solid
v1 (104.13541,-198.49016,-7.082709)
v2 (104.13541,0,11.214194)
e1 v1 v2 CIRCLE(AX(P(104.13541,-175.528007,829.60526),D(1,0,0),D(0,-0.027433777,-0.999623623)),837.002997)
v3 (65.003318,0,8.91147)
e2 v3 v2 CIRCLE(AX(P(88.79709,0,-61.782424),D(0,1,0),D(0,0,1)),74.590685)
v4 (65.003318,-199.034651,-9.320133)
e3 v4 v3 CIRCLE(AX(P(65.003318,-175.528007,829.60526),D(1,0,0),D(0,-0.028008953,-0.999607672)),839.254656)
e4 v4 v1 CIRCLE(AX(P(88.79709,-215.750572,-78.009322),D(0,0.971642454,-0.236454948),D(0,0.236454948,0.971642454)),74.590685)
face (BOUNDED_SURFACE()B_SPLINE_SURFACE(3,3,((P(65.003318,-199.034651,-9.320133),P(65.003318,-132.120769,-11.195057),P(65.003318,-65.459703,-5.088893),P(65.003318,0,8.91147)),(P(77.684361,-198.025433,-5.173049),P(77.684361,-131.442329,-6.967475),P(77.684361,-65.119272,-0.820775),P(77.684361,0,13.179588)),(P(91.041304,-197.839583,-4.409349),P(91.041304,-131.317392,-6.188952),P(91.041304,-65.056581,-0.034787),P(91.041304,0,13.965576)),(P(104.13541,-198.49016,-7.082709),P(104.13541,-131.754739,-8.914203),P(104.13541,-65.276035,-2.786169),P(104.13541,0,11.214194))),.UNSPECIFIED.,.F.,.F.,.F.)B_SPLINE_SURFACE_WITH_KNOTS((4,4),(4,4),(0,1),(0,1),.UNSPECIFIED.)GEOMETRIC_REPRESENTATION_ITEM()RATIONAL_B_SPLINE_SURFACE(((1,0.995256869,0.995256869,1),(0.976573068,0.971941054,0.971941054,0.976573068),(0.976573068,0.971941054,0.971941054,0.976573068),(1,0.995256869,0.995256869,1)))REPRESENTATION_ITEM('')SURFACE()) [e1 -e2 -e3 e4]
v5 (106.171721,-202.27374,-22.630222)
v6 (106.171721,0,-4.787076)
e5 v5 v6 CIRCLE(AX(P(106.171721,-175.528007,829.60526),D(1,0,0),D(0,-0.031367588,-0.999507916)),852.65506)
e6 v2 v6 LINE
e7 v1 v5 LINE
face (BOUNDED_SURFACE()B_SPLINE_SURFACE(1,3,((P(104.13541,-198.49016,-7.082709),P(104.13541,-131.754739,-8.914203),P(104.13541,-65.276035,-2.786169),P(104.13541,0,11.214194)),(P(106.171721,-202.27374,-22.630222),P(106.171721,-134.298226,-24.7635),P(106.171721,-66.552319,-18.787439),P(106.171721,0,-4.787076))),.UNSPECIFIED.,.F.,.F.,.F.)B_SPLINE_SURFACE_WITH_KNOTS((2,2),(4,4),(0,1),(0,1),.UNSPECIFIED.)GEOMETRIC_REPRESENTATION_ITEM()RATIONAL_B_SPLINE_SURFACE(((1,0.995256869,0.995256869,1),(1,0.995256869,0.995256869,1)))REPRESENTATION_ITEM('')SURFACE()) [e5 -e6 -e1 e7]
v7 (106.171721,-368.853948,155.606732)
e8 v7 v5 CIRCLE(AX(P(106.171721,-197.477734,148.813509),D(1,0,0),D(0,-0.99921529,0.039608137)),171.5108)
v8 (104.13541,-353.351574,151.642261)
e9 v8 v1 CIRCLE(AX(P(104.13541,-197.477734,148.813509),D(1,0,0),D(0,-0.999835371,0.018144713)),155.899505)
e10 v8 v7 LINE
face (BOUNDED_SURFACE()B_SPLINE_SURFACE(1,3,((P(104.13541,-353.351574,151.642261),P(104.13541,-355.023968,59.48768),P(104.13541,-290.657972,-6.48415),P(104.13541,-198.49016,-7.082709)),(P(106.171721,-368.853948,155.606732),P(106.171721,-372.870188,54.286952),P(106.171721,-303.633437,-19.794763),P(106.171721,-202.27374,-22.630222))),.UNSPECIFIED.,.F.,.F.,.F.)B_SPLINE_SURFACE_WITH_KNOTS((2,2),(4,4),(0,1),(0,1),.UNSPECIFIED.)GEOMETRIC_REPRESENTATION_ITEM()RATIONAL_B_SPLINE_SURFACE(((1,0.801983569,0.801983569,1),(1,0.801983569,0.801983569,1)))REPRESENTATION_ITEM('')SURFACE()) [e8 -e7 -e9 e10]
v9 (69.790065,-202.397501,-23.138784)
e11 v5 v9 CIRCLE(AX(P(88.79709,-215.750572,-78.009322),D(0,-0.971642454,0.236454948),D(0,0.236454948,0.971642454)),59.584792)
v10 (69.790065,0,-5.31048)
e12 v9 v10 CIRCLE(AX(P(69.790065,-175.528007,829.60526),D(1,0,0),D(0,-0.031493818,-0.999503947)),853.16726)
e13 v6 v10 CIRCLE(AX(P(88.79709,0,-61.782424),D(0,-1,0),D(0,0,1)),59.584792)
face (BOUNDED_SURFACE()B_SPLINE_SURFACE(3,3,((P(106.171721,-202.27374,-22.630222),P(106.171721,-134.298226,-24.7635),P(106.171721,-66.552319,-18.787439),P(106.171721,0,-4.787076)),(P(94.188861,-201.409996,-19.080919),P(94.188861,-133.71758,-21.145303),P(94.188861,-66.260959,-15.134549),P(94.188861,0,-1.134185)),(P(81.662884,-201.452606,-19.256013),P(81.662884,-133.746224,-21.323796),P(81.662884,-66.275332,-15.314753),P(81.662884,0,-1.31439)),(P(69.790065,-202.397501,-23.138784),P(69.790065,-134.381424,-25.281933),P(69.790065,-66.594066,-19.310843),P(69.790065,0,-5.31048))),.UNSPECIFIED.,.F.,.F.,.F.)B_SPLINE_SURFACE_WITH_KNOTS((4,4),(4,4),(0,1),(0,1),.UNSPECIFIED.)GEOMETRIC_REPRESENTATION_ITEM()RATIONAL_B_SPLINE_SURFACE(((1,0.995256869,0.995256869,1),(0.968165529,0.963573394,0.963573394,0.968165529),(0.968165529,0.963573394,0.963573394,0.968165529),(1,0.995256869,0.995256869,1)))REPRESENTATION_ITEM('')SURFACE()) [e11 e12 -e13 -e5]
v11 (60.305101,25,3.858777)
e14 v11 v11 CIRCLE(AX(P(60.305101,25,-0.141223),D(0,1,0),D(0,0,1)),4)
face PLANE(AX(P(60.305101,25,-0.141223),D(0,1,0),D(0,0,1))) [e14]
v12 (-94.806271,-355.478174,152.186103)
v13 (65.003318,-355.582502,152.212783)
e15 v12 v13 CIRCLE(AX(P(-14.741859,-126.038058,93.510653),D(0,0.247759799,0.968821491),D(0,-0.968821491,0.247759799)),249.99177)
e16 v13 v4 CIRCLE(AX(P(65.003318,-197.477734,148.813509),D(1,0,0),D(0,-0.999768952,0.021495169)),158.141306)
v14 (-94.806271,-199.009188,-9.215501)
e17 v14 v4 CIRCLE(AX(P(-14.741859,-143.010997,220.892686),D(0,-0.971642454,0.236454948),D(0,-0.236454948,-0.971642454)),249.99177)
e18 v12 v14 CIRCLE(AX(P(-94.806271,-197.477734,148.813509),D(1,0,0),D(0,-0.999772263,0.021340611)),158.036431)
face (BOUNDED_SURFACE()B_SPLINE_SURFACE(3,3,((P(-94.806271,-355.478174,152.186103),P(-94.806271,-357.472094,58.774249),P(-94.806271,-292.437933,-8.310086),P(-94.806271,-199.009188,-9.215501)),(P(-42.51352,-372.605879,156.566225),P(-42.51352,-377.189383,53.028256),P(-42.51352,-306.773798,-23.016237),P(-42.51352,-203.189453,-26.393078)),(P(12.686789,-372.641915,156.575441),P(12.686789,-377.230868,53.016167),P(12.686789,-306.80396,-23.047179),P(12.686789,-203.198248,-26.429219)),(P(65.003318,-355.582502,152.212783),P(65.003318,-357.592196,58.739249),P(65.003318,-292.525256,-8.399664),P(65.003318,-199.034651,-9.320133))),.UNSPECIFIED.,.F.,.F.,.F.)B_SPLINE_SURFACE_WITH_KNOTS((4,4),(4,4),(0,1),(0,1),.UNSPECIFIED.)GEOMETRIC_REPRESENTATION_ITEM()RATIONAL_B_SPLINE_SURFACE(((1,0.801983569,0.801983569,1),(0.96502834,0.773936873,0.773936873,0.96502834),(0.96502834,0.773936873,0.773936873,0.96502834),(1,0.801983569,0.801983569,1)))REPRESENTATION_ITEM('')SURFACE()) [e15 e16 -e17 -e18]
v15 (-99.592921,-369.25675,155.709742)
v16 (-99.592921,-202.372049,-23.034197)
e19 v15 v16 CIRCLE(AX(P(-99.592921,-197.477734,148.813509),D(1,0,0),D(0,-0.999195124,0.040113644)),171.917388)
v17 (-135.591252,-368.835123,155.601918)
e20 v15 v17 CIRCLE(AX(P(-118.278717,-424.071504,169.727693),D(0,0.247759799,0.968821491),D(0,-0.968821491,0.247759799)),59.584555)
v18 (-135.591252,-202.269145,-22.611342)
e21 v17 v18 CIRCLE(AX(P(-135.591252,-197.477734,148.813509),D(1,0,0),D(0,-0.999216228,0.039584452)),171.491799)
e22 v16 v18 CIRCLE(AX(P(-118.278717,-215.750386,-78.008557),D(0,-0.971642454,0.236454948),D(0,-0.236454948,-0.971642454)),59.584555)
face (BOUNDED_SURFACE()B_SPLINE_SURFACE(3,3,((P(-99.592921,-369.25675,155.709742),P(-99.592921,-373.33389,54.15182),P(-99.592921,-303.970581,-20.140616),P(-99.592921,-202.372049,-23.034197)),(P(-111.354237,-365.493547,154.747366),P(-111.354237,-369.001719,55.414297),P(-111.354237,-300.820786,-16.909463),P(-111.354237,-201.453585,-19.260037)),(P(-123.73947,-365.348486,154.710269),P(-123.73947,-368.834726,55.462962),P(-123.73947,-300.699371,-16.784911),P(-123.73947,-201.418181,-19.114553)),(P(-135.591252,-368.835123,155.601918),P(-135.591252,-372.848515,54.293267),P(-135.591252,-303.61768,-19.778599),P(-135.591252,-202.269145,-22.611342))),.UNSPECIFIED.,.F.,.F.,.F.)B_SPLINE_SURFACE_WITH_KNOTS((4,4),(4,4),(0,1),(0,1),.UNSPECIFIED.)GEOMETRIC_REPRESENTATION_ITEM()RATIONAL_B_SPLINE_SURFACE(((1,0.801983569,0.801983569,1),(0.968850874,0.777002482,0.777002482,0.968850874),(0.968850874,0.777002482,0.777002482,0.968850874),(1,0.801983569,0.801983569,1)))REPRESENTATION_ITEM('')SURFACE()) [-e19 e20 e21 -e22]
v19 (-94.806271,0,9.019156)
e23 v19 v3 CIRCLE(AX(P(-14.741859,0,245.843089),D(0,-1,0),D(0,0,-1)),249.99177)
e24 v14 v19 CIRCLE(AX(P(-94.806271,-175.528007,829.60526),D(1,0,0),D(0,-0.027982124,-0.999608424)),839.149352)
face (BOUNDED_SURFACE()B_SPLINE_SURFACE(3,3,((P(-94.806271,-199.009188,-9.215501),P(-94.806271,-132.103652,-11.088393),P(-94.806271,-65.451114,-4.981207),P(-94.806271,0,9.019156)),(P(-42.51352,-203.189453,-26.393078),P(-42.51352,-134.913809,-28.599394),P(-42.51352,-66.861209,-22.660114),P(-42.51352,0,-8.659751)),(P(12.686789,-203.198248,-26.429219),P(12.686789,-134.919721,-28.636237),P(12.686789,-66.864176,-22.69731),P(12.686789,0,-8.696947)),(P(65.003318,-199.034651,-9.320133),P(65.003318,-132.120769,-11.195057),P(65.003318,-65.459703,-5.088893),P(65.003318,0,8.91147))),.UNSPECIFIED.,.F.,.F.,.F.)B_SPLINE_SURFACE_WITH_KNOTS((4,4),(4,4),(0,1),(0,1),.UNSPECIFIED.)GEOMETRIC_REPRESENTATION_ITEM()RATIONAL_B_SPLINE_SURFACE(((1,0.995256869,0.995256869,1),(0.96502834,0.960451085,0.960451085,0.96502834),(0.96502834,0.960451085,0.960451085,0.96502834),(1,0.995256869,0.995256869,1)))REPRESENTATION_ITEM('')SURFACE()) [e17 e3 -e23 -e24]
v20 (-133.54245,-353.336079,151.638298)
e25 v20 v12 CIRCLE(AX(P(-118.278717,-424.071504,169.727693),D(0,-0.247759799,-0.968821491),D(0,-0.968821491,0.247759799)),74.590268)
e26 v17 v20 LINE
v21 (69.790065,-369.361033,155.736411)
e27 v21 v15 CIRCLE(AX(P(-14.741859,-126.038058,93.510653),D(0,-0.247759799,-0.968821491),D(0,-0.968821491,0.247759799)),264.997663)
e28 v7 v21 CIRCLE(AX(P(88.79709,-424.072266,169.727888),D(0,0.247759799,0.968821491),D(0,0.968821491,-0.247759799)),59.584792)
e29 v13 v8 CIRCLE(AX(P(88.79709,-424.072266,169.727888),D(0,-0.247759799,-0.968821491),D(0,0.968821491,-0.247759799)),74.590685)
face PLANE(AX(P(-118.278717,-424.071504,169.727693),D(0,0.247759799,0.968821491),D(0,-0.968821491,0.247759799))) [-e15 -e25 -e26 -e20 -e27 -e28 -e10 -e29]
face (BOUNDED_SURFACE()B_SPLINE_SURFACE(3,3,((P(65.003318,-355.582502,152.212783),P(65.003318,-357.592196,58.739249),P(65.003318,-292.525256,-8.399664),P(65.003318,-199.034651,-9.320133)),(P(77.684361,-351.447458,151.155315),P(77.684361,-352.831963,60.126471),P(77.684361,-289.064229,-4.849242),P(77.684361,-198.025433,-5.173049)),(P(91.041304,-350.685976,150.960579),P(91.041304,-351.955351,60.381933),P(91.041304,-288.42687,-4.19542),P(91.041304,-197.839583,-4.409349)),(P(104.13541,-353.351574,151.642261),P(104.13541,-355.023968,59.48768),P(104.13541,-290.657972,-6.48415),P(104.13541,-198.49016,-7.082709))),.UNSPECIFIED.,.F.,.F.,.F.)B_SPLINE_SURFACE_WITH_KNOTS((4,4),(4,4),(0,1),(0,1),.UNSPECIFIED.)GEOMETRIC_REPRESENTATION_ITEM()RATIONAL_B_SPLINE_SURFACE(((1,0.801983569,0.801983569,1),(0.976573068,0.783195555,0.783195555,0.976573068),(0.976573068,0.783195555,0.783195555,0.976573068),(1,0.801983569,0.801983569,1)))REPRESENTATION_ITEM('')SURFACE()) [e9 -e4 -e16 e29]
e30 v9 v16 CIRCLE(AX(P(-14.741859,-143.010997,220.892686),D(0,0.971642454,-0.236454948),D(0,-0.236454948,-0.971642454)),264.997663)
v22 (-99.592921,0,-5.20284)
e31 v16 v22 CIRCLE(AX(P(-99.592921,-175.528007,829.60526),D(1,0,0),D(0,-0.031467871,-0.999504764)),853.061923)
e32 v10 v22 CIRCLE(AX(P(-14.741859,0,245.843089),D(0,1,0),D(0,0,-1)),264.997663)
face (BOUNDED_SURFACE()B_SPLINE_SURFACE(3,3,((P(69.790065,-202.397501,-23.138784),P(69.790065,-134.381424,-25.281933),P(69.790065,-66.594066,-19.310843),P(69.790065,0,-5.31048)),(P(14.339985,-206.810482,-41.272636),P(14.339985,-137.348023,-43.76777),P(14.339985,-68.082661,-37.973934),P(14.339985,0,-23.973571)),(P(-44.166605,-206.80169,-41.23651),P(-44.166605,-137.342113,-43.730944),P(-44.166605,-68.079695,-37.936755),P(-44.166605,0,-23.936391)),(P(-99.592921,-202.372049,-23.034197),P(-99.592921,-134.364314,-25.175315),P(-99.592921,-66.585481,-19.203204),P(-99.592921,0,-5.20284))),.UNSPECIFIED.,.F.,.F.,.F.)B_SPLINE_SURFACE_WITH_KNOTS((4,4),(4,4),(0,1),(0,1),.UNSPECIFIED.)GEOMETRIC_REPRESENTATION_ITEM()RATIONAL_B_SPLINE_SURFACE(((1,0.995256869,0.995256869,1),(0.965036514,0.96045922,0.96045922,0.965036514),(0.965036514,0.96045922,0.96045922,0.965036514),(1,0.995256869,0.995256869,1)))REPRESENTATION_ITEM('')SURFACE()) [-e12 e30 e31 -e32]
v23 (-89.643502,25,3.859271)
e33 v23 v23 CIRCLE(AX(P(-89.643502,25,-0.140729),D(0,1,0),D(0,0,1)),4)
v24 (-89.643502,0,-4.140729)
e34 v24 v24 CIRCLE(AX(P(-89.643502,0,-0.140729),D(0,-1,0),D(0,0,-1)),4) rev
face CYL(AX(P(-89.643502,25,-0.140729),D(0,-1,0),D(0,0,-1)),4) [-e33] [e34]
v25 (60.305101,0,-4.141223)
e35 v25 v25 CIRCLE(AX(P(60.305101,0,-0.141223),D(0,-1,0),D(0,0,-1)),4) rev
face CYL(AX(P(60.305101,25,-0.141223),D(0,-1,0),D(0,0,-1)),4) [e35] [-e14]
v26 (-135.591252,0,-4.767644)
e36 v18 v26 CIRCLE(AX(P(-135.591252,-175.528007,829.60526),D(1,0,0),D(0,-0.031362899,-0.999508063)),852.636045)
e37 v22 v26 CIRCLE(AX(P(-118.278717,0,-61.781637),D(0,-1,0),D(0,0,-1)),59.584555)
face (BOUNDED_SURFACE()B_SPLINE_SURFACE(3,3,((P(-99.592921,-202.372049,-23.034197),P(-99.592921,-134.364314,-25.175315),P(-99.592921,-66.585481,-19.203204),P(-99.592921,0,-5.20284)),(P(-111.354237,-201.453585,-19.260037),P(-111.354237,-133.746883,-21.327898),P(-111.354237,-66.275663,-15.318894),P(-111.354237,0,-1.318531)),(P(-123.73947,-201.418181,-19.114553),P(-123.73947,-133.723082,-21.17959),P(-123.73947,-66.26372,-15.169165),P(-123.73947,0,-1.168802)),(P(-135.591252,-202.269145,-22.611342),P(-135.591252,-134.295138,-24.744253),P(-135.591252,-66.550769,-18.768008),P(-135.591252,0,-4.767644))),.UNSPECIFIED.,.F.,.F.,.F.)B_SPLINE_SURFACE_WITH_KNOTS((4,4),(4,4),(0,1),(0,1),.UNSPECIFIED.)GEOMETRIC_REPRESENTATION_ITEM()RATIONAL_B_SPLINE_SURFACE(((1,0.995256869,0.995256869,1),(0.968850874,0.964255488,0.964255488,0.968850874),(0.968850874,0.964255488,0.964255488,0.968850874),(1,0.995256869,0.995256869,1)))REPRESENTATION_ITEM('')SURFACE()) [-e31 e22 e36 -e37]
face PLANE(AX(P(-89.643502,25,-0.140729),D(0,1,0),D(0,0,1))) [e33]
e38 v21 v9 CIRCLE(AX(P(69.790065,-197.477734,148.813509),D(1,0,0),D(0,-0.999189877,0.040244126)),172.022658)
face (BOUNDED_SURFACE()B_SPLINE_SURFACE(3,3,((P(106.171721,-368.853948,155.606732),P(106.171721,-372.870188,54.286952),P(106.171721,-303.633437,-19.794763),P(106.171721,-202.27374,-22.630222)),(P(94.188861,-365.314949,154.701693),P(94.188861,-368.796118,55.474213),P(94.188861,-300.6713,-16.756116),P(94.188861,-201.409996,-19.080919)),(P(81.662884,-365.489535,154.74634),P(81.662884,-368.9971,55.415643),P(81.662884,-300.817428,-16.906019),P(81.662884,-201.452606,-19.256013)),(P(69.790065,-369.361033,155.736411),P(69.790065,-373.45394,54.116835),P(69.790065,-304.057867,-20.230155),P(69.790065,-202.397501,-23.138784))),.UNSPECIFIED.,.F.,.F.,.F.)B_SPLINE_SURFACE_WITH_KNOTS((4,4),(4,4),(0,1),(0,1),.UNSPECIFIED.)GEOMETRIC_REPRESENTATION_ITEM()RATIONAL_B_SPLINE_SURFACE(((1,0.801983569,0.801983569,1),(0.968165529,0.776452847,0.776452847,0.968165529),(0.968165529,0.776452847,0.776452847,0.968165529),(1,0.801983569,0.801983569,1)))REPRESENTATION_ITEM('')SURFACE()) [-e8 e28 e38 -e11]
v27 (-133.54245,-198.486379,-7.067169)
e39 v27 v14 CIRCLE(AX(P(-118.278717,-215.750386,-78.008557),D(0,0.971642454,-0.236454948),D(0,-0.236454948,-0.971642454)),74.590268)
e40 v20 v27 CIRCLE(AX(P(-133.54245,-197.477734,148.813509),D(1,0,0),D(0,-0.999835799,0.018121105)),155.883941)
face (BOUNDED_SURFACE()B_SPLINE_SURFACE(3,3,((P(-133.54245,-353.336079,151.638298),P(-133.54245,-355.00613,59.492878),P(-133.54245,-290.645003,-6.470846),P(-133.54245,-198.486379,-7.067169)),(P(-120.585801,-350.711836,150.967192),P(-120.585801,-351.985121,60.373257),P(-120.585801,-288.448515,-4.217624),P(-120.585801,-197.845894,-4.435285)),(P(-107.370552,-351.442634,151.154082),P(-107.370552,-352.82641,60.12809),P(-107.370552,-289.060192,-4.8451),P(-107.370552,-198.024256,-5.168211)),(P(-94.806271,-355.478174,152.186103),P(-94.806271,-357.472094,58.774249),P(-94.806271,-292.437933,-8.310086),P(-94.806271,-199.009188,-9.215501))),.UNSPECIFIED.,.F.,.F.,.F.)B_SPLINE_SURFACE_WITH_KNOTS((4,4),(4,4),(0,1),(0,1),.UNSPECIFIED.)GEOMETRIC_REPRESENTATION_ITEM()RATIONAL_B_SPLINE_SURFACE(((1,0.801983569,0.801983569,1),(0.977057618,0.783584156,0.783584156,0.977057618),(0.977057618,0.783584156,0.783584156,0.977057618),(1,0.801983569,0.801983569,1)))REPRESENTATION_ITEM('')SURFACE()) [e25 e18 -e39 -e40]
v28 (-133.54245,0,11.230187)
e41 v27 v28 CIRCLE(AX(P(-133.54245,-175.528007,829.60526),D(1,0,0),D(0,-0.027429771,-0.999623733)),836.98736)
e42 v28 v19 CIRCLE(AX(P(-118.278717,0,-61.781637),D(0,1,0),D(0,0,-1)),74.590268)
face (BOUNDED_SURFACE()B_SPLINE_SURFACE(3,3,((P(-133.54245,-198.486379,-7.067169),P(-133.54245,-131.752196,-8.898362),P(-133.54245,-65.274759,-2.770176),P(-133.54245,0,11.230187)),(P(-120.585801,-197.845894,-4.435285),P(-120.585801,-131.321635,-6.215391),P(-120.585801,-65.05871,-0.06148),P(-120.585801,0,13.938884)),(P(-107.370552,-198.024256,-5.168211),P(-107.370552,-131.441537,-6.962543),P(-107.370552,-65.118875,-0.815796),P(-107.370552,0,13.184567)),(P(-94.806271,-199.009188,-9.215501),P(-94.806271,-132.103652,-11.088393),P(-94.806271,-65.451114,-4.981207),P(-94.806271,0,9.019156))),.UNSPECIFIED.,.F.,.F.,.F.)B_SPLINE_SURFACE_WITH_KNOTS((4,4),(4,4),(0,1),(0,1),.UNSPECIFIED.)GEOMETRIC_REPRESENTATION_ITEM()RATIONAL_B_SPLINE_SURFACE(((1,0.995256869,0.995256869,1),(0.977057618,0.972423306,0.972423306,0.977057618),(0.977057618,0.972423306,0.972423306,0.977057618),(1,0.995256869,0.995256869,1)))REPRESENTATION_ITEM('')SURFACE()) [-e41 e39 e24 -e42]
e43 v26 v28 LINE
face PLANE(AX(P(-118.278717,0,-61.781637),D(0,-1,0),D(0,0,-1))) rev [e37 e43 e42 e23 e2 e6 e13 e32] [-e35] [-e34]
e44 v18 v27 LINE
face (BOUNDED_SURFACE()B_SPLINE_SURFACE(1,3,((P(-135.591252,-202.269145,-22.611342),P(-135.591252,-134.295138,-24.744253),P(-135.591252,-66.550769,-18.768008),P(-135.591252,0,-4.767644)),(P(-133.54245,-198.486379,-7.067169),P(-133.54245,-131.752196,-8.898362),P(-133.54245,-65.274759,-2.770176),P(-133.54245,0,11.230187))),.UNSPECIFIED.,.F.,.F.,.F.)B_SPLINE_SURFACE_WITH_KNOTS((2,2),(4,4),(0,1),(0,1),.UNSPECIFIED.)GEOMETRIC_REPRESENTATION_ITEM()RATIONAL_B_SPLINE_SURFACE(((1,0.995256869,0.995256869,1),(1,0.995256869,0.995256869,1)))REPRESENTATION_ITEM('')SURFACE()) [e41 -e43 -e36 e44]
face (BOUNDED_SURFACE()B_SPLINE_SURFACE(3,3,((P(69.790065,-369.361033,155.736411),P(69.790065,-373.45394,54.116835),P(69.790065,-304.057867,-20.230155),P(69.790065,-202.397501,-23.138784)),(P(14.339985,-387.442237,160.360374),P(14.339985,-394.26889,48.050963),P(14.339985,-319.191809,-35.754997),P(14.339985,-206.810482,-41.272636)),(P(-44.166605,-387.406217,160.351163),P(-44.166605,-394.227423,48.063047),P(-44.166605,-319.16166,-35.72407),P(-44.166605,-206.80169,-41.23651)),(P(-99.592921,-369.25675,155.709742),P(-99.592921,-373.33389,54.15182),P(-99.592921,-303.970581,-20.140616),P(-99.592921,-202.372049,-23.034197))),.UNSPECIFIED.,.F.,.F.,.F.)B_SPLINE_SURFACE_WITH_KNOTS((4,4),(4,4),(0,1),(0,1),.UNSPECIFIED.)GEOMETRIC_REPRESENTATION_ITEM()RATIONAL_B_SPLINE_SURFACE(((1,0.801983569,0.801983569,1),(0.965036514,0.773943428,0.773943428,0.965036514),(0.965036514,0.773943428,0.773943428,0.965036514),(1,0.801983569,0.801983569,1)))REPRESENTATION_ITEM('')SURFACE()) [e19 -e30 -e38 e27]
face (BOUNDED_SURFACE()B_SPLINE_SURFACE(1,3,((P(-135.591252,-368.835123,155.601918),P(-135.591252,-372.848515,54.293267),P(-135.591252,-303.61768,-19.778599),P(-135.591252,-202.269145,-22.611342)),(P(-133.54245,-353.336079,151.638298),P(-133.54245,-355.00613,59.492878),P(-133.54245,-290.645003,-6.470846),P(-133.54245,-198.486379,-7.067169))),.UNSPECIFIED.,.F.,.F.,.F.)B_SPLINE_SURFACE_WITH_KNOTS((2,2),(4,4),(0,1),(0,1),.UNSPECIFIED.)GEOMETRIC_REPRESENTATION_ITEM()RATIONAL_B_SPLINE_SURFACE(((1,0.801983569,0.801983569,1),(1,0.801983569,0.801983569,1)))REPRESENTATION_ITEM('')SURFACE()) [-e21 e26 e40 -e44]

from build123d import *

# Parameters (mm, degrees)
SKETCH4_R           = 4
BOSS_EXTRUDE1_DEPTH = 25


with BuildPart() as part:
    # Sweep1: sweep along a path in Sketch3
    with BuildLine(Plane(origin=(0, 0, 0), x_dir=(0, 0, -1), z_dir=(1, 0, 0))) as sweep1_path:
        ThreePointArc((-156.490372524, -372.309269532), (-29.86748259, -325.839888984), (26.095604491, -203.117061165))
        ThreePointArc((26.095604491, -203.117061165), (23.292710008, -101.028489157), (8.353595888, 0))
    # Sketch2 → Sweep1 (sweep)
    with BuildSketch(Plane(origin=(0, 0, 0), x_dir=(1, 0, 0), z_dir=(0, 1, 0))):
        with BuildLine():
            Line((106.171721078, 4.787075913), (104.135409967, -11.214194161))
            ThreePointArc((104.135409967, -11.214194161), (84.415389077, -12.679452198), (65.003317638, -8.911470313))
            ThreePointArc((65.003317638, -8.911470313), (-14.910313161, 4.148624374), (-94.806270602, -9.019156209))
            ThreePointArc((-94.806270602, -9.019156209), (-114.028080974, -12.687418048), (-133.542450498, -11.230187465))
            Line((-133.542450498, -11.230187465), (-135.591251757, 4.767644245))
            ThreePointArc((-135.591251757, 4.767644245), (-117.558432017, 2.20143547), (-99.592921033, 5.202840203))
            ThreePointArc((-99.592921033, 5.202840203), (-14.910259594, 19.154520277), (69.790065455, 5.310479613))
            ThreePointArc((69.790065455, 5.310479613), (87.939964024, 2.203796687), (106.171721078, 4.787075913))
        make_face()
    sweep(path=sweep1_path.line)

    # Sketch4 → Boss-Extrude1 (add)
    with BuildSketch(Plane(origin=(0, 0, 0), x_dir=(1, 0, 0), z_dir=(0, 1, 0))):
        with Locations(Location((-89.64350233, 0.1407291, 0), (0, 0, 90))):
            Circle(SKETCH4_R)
        with Locations(Location((60.305101164, 0.141223038, 0), (0, 0, 90))):
            Circle(SKETCH4_R)
    extrude(amount=BOSS_EXTRUDE1_DEPTH)


solid = part.part
